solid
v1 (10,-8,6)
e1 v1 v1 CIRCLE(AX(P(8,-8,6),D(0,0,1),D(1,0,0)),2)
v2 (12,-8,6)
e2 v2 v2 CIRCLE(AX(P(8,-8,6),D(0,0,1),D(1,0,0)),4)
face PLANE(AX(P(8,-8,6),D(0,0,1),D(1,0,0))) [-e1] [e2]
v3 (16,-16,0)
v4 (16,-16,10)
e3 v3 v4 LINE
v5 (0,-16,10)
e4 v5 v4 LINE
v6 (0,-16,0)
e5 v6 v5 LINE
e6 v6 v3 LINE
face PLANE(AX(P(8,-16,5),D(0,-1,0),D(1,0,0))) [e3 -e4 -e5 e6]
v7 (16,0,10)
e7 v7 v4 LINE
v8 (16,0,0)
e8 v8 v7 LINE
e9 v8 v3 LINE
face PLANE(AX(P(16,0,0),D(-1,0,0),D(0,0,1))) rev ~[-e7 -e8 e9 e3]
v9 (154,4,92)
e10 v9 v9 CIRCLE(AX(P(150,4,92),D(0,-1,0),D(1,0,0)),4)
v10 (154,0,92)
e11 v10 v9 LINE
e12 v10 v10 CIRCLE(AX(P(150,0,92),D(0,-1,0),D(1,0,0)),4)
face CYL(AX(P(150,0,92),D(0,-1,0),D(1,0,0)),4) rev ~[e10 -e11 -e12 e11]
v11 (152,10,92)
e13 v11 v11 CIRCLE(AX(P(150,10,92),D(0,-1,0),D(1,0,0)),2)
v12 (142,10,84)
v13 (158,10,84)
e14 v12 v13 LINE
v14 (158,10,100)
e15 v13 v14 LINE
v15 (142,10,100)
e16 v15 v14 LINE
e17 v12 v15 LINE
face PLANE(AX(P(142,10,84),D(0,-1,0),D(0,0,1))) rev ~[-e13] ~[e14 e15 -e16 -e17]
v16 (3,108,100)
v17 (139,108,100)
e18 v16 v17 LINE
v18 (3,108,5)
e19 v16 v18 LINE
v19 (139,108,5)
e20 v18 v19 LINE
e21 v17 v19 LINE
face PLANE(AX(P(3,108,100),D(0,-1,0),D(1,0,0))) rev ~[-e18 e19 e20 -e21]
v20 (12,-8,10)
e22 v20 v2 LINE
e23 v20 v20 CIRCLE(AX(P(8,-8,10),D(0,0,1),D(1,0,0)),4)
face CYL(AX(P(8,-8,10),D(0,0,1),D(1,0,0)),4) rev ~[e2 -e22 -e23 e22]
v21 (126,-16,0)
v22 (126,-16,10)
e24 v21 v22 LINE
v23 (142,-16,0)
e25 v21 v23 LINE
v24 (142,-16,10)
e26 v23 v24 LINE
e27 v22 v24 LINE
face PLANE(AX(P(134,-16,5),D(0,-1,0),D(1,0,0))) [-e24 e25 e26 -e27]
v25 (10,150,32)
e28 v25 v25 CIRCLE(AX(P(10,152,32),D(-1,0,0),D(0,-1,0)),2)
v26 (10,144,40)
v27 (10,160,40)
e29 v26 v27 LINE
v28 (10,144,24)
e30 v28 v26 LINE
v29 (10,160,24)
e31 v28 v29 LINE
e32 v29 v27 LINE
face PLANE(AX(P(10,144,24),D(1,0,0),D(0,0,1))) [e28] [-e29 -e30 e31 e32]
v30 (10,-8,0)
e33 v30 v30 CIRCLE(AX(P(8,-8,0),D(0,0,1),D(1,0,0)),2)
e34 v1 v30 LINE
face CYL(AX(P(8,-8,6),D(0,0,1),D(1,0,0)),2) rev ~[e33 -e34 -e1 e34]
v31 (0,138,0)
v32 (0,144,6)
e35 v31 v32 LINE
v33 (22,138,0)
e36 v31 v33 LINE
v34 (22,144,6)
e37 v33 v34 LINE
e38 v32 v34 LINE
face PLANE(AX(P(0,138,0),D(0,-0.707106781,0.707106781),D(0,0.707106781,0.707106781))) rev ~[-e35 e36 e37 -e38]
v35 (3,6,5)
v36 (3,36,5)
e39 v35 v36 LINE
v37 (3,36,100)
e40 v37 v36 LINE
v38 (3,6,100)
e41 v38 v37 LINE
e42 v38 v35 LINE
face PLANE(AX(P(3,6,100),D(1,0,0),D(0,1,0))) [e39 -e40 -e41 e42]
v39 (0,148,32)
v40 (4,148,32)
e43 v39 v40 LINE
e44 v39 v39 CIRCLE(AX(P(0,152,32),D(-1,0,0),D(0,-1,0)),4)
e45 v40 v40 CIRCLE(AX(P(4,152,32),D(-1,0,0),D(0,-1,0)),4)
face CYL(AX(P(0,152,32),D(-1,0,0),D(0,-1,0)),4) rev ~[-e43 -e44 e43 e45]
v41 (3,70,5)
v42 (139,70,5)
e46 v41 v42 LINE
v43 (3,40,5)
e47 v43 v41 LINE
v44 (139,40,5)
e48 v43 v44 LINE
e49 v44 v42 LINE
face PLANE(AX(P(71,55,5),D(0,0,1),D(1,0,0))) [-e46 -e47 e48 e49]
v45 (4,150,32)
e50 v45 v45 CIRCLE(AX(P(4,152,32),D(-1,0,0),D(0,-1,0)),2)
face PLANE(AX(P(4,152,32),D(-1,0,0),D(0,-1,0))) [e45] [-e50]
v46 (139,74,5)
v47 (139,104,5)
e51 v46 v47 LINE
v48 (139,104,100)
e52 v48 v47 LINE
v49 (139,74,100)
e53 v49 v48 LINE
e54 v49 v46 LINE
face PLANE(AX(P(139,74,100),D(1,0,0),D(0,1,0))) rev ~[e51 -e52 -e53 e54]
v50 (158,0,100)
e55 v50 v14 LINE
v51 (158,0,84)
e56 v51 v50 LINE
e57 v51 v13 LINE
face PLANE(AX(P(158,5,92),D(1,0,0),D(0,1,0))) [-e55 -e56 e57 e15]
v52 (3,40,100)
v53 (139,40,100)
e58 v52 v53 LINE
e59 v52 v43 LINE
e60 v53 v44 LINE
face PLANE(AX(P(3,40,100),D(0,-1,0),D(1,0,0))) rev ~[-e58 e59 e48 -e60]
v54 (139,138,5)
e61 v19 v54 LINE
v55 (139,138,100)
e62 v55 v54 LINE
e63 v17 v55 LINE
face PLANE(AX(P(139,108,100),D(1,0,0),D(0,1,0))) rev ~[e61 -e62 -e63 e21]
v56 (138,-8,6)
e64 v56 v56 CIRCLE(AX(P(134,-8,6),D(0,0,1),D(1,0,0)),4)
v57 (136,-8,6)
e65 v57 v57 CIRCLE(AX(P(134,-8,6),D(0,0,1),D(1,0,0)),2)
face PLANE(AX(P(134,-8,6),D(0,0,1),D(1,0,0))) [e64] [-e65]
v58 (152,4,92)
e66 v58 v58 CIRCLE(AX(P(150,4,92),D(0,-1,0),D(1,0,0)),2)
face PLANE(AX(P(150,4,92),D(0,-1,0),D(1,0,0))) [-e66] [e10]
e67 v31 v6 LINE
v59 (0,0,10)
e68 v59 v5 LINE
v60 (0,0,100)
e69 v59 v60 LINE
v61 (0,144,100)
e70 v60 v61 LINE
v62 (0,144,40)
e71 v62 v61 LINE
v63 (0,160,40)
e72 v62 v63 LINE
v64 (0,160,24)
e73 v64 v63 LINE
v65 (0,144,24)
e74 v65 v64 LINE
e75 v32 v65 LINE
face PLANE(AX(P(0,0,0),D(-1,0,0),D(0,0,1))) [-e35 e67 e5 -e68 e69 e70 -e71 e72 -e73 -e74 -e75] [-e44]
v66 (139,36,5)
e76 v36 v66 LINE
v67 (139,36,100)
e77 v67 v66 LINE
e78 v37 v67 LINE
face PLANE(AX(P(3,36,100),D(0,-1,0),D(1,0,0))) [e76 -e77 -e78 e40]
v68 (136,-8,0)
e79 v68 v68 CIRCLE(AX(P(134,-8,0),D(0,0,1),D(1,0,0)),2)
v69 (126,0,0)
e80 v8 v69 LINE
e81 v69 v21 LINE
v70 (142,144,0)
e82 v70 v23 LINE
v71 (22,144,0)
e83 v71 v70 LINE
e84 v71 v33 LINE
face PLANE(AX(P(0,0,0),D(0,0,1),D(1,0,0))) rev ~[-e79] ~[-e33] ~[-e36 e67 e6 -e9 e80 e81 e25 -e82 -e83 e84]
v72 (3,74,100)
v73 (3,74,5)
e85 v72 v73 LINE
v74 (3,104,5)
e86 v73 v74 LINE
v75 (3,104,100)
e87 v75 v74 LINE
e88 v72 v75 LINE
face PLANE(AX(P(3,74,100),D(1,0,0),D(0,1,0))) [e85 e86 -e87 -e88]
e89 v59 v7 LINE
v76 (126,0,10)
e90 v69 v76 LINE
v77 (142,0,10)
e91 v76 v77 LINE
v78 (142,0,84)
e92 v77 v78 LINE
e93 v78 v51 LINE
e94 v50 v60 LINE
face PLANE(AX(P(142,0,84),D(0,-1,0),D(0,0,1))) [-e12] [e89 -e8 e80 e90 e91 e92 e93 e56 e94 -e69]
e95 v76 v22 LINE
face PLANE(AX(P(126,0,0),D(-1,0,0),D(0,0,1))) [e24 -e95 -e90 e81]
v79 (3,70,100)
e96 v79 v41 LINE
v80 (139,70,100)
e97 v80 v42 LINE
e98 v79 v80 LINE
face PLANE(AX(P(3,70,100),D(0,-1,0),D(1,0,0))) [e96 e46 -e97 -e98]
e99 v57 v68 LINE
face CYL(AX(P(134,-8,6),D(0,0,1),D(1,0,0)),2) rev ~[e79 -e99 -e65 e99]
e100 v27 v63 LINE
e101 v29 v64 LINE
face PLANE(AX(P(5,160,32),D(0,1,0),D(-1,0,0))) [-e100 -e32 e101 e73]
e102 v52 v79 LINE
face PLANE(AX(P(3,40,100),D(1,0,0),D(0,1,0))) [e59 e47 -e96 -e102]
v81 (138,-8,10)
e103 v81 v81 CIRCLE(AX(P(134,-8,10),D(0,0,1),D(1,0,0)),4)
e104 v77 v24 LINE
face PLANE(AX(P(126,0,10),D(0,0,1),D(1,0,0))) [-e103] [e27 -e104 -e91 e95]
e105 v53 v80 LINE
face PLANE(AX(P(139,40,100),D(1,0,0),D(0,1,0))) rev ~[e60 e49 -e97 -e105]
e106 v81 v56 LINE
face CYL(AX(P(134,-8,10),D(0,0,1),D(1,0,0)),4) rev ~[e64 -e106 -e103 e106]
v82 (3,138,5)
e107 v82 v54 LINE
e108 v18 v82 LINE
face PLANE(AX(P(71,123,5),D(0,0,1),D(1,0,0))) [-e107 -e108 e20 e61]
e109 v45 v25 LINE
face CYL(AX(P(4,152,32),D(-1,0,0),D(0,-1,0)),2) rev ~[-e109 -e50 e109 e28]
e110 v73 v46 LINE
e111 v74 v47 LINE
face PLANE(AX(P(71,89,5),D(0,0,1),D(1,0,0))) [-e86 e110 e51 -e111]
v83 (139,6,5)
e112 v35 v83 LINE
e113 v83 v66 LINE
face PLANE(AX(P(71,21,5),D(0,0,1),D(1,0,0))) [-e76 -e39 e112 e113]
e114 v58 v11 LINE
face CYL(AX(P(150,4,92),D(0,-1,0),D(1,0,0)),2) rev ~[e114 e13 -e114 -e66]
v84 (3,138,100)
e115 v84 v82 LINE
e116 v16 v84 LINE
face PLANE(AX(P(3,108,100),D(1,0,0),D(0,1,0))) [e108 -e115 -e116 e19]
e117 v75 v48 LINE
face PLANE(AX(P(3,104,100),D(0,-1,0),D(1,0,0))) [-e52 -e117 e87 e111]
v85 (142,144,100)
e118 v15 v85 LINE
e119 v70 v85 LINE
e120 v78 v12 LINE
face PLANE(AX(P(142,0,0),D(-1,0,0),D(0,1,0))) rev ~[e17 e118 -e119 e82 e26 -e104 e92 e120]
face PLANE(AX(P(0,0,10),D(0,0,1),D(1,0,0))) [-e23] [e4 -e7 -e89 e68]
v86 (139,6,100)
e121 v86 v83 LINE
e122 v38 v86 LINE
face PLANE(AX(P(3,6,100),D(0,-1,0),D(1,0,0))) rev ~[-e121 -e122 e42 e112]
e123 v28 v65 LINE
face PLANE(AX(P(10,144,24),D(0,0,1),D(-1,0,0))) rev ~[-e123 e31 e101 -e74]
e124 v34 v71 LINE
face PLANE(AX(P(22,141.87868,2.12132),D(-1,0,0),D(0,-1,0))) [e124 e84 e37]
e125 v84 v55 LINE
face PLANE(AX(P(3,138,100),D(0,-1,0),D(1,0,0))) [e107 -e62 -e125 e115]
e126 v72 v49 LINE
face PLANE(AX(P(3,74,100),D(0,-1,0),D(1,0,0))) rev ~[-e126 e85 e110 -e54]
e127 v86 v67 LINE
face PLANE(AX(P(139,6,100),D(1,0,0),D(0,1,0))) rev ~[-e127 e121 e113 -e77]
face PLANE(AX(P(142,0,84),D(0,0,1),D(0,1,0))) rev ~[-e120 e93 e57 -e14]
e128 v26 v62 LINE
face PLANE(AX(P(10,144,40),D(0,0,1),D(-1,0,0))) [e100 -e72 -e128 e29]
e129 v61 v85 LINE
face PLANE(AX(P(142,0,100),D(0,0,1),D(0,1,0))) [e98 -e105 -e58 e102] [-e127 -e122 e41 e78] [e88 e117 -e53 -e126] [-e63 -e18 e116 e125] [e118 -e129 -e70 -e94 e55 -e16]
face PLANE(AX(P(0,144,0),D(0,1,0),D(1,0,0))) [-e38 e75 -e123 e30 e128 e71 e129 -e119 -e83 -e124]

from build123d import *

# Parameters (mm, degrees)
SKETCH_W        = 142
SKETCH_H        = 144
PAD_DEPTH       = 100
SKETCH001_W     = 136
SKETCH001_H     = 30
POCKET_DEPTH    = 95
SKETCH002_W     = 10
SKETCH002_H     = 16
PAD001_DEPTH    = 16
SKETCH003_R     = 4
POCKET001_DEPTH = 4
SKETCH004_R     = 2
POCKET002_DEPTH = 6
SKETCH005_W     = 16
SKETCH005_H     = 10
PAD002_DEPTH    = 16
SKETCH006_R     = 4
POCKET003_DEPTH = 4
SKETCH007_R     = 2
POCKET004_DEPTH = 6
POCKET005_DEPTH = 22
SKETCH009_W     = 10
SKETCH009_H     = 16
PAD003_DEPTH    = 16
SKETCH010_R     = 4
POCKET006_DEPTH = 4
SKETCH011_R     = 2
POCKET007_DEPTH = 6


with BuildPart() as part:
    # Sketch → Pad (new body)
    with BuildSketch(Plane.XY):
        with Locations((71, 72)):
            Rectangle(SKETCH_W, SKETCH_H)
    extrude(amount=PAD_DEPTH)

    # Sketch001 (on Face6 of Pad) → Pocket (cut)
    with BuildSketch(Plane.XY.offset(100)):
        with Locations((71, 123)):
            Rectangle(SKETCH001_W, SKETCH001_H)
        with Locations((71, 89)):
            Rectangle(SKETCH001_W, SKETCH001_H)
        with Locations((71, 55)):
            Rectangle(SKETCH001_W, SKETCH001_H)
        with Locations((71, 21)):
            Rectangle(SKETCH001_W, SKETCH001_H)
    extrude(amount=-POCKET_DEPTH, mode=Mode.SUBTRACT)

    # Sketch002 (on Face1 of Pocket) → Pad001 (join)
    with BuildSketch(Plane(origin=(0, 144, 0), x_dir=(-1, 0, 0), z_dir=(0, 1, 0))):
        with Locations((-5, 32)):
            Rectangle(SKETCH002_W, SKETCH002_H)
    extrude(amount=PAD001_DEPTH)

    # Sketch003 (on Face10 of Pad001) → Pocket001 (cut)
    with BuildSketch(Plane(origin=(0, 0, 0), x_dir=(0, -1, 0), z_dir=(-1, 0, 0))):
        with Locations((-152, 32)):
            Circle(SKETCH003_R)
    extrude(amount=-POCKET001_DEPTH, mode=Mode.SUBTRACT)

    # Sketch004 (on Face33 of Pocket001) → Pocket002 (cut)
    with BuildSketch(Plane(origin=(4, 0, 0), x_dir=(0, -1, 0), z_dir=(-1, 0, 0))):
        with Locations((-152, 32)):
            Circle(SKETCH004_R)
    extrude(amount=-POCKET002_DEPTH, mode=Mode.SUBTRACT)

    # Sketch005 (on Face4 of Pocket002) → Pad002 (join)
    with BuildSketch(Plane.XZ):
        with Locations((8, 5)):
            Rectangle(SKETCH005_W, SKETCH005_H)
        with Locations((134, 5)):
            Rectangle(SKETCH005_W, SKETCH005_H)
    extrude(amount=PAD002_DEPTH)

    # Sketch006 (on Face38 of Pad002) → Pocket003 (cut)
    with BuildSketch(Plane.XY.offset(10)):
        with Locations((8, -8)):
            Circle(SKETCH006_R)
        with Locations((134, -8)):
            Circle(SKETCH006_R)
    extrude(amount=-POCKET003_DEPTH, mode=Mode.SUBTRACT)

    # Sketch007 (on Face48 of Pocket003) → Pocket004 (cut)
    with BuildSketch(Plane.XY.offset(6)):
        with Locations((8, -8)):
            Circle(SKETCH007_R)
        with Locations((134, -8)):
            Circle(SKETCH007_R)
    extrude(amount=-POCKET004_DEPTH, mode=Mode.SUBTRACT)

    # Sketch008 (on Face5 of Pocket004) → Pocket005 (cut)
    with BuildSketch(Plane(origin=(0, 0, 0), x_dir=(0, -1, 0), z_dir=(-1, 0, 0))):
        Polygon((-144, 6), (-144, 0), (-138, 0), align=None)
    extrude(amount=-POCKET005_DEPTH, mode=Mode.SUBTRACT)

    # Sketch009 (on Face3 of Pocket005) → Pad003 (join)
    with BuildSketch(Plane.YZ.offset(142)):
        with Locations((5, 92)):
            Rectangle(SKETCH009_W, SKETCH009_H)
    extrude(amount=PAD003_DEPTH)

    # Sketch010 (on Face42 of Pad003) → Pocket006 (cut)
    with BuildSketch(Plane.XZ):
        with Locations((150, 92)):
            Circle(SKETCH010_R)
    extrude(amount=-POCKET006_DEPTH, mode=Mode.SUBTRACT)

    # Sketch011 (on Face59 of Pocket006) → Pocket007 (cut)
    with BuildSketch(Plane.XZ.offset(-4)):
        with Locations((150, 92)):
            Circle(SKETCH011_R)
    extrude(amount=-POCKET007_DEPTH, mode=Mode.SUBTRACT)


solid = part.part
